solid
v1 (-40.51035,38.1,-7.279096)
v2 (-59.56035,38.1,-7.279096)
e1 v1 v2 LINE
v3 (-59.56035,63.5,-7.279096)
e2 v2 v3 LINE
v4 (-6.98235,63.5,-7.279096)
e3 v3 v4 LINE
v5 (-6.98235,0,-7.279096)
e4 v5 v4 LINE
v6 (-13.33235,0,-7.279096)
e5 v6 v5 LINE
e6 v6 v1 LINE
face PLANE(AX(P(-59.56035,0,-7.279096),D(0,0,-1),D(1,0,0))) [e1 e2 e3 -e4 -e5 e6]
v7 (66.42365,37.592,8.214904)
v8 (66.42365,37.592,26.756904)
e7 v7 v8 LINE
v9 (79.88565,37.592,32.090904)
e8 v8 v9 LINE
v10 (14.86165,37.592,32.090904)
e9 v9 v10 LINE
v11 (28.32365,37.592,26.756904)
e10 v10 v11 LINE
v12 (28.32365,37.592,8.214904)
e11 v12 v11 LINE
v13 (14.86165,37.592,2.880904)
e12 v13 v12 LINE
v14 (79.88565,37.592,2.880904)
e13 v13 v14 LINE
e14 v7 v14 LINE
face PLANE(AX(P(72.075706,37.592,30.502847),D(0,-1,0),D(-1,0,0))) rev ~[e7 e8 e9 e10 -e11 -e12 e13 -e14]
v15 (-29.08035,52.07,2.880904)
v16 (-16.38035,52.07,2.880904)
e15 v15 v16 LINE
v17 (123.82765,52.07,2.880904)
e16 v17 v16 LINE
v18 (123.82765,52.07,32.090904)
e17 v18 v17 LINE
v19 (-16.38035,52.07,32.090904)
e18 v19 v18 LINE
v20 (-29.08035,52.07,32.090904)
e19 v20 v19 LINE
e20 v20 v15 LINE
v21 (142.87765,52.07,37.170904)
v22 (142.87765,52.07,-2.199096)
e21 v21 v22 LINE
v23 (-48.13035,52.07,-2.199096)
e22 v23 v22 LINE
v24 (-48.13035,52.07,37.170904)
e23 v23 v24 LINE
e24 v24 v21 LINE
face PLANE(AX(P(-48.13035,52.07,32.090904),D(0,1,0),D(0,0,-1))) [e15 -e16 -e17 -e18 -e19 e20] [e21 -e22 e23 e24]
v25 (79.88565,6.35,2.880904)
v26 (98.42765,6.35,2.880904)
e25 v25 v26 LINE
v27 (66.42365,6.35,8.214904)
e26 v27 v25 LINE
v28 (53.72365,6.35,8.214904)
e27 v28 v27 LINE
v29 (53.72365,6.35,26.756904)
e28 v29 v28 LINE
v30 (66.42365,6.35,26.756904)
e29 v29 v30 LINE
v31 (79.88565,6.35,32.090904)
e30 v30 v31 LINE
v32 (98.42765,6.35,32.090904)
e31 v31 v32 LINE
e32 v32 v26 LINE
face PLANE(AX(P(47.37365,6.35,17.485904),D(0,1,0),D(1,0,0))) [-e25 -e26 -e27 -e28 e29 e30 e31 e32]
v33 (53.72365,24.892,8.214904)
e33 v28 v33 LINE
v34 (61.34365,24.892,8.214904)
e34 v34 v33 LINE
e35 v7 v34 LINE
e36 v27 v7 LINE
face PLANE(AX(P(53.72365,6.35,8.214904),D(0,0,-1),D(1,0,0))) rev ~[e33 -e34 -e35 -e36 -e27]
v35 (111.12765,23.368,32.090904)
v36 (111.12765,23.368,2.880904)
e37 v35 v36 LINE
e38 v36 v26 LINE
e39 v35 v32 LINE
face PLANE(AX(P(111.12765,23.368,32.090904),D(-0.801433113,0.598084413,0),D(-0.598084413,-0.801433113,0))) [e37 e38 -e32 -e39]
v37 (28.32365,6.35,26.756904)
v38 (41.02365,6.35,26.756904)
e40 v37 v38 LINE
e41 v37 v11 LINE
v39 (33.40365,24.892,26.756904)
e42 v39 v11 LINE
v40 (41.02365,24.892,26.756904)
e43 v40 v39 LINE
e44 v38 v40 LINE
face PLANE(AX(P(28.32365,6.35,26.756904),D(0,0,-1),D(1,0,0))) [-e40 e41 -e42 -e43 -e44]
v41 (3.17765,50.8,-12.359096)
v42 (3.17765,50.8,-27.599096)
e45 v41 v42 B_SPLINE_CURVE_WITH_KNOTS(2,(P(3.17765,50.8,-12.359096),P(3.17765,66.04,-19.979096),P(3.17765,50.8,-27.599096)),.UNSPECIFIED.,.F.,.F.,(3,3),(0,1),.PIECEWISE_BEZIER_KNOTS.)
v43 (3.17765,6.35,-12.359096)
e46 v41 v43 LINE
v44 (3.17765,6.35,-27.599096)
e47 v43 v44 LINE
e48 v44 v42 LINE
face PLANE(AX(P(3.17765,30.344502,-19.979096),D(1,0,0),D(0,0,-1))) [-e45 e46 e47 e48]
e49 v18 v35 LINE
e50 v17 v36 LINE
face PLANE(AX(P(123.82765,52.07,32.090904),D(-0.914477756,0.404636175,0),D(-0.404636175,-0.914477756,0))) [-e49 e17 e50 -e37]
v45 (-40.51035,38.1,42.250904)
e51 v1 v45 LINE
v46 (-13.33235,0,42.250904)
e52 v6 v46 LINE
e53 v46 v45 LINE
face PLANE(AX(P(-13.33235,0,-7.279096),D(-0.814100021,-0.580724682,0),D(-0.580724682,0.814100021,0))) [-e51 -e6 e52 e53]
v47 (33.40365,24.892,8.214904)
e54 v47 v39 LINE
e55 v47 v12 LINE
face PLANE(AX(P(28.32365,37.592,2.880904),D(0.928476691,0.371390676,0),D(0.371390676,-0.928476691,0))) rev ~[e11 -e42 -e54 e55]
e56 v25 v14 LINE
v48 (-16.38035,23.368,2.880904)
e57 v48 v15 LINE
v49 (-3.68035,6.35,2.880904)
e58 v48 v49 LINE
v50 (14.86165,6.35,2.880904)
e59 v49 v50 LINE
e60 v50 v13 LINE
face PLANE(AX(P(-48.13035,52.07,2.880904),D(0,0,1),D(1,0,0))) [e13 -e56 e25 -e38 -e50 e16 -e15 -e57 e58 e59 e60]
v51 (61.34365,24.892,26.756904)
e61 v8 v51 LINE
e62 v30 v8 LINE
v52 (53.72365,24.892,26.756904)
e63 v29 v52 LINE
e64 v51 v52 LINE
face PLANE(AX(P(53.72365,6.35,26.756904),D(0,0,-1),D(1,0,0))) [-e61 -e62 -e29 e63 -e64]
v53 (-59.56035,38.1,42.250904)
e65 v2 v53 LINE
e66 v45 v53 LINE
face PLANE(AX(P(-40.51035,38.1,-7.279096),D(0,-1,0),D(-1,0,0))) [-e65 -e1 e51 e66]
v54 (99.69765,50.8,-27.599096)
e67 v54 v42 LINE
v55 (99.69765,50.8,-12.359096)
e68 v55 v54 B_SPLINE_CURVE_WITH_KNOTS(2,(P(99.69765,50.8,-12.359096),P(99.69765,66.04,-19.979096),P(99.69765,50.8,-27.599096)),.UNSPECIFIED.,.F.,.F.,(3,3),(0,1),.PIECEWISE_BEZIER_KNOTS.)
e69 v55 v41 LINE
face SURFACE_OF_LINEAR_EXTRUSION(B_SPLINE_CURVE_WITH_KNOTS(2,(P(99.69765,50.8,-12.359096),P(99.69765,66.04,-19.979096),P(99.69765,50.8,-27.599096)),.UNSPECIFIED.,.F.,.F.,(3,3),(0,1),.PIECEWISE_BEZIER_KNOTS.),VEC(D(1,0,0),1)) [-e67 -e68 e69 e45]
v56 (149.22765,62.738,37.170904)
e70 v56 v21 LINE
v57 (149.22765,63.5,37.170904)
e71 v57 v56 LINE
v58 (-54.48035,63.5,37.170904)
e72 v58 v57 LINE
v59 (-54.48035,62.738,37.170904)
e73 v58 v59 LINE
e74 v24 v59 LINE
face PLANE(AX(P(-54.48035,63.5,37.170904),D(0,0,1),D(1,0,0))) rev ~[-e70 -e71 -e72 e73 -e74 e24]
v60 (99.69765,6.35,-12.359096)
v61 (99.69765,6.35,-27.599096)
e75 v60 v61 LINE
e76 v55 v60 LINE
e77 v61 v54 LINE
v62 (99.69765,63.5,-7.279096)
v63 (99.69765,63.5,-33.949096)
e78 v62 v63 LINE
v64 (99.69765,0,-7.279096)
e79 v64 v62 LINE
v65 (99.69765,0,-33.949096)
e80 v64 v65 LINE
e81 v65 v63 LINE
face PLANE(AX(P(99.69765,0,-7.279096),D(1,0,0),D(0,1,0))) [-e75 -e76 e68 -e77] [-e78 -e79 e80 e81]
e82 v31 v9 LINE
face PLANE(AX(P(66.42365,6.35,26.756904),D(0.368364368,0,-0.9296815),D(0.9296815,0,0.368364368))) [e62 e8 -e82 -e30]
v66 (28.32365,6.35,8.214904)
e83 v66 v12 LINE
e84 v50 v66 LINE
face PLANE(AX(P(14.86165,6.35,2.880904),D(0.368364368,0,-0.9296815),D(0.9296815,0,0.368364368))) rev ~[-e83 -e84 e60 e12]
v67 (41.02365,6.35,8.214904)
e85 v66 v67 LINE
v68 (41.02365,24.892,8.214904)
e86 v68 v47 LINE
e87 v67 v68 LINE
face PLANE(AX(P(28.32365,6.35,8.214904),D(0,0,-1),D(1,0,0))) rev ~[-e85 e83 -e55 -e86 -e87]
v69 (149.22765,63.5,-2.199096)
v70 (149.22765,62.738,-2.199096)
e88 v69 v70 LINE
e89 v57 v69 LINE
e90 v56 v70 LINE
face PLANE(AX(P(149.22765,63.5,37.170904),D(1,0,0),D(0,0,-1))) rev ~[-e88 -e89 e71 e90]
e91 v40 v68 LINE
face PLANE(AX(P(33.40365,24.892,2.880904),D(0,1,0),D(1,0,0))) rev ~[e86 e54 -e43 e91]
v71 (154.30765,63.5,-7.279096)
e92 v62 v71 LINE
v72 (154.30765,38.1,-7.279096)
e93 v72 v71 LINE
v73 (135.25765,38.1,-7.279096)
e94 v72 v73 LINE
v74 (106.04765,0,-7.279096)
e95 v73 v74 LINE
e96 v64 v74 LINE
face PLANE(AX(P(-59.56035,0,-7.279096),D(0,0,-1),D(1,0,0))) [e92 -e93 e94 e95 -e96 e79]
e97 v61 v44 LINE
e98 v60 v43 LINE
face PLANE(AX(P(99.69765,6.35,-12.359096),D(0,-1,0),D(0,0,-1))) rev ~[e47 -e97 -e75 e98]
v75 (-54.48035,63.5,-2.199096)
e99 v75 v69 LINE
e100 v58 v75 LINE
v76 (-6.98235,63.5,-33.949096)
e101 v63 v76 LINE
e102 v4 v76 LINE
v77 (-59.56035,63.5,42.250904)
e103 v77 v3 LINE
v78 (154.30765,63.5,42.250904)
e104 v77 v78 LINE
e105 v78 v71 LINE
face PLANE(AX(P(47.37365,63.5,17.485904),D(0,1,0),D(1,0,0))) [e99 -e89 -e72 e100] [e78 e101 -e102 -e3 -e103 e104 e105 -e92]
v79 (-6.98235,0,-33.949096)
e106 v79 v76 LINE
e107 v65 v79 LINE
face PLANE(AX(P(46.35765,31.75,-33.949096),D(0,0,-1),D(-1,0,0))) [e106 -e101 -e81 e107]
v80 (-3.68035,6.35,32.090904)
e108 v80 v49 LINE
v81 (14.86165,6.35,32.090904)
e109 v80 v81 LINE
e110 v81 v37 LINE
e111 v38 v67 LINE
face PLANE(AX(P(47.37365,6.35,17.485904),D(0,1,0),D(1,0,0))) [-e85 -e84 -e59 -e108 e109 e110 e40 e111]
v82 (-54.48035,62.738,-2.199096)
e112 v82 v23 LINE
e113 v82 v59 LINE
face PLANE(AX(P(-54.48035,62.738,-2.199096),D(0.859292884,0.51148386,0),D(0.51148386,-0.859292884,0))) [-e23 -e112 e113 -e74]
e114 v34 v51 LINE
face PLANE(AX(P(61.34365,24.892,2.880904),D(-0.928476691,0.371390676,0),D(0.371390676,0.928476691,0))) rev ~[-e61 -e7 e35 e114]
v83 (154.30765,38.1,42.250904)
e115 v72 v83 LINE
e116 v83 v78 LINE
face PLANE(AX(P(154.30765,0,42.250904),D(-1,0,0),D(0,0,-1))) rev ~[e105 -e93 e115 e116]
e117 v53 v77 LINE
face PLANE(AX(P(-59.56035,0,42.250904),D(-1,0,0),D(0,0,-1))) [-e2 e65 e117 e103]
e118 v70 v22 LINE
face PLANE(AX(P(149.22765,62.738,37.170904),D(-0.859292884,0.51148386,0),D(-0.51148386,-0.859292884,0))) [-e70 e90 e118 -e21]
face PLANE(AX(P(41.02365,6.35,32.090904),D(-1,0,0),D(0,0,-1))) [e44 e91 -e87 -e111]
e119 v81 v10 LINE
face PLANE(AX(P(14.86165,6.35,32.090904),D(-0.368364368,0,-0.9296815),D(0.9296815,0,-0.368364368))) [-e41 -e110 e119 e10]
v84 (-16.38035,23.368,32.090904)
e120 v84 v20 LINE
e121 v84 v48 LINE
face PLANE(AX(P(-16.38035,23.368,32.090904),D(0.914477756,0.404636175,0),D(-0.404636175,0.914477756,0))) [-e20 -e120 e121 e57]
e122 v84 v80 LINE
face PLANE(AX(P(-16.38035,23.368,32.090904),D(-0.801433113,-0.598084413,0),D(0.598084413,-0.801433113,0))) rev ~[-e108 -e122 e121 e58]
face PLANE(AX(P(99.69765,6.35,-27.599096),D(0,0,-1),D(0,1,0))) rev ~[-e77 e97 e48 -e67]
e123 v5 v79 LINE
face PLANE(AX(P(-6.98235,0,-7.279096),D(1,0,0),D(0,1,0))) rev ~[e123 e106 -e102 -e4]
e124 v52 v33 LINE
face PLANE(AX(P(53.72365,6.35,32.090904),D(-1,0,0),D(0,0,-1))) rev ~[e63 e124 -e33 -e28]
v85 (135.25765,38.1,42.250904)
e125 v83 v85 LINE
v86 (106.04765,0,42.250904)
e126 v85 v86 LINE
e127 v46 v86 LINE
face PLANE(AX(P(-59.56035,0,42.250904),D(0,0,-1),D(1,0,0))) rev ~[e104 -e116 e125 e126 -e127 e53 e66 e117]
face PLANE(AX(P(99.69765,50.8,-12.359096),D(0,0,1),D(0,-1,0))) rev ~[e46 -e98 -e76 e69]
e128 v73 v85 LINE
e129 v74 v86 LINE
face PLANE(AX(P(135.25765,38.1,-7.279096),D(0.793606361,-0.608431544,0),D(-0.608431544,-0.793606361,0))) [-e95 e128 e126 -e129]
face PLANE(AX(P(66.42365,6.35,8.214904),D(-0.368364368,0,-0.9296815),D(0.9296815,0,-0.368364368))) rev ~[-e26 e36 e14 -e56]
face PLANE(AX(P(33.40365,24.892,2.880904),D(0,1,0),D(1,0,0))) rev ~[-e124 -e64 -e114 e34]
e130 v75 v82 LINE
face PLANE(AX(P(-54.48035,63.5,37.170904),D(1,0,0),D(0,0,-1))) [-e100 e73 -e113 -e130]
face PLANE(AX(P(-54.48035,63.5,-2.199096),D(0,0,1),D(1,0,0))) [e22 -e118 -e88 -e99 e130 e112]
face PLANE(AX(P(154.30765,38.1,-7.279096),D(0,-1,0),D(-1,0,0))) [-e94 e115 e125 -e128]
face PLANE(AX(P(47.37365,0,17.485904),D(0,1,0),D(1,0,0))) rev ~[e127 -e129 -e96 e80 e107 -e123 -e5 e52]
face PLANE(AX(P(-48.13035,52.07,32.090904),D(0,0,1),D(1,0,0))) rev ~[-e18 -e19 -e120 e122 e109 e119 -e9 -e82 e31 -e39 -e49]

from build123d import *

# Parameters (mm, degrees)
SKETCH1_W            = 213.868
SKETCH1_H            = 49.53
BOSS_EXTRUDE1_DEPTH  = 63.5
SKETCH2_W            = 203.708
SKETCH2_H            = 39.37
CUT_EXTRUDE1_DEPTH   = 11.43
SKETCH3_W            = 191.008
SKETCH3_H            = 29.21
CUT_EXTRUDE2_DEPTH   = 45.72
SKETCH5_W            = 29.21
SKETCH5_H            = 45.72
BOSS_EXTRUDE2_DEPTH  = 31.75
SKETCH7_W            = 29.21
SKETCH7_H            = 45.802108617
BOSS_EXTRUDE3_DEPTH  = 31.75
BOSS_EXTRUDE4_DEPTH  = 40.64
BOSS_EXTRUDE5_DEPTH  = 40.64
SKETCH20_W           = 12.7
SKETCH20_H           = 29.21
BOSS_EXTRUDE6_DEPTH  = 18.542
BOSS_EXTRUDE7_DEPTH  = 30.48
SKETCH22_W           = 106.68
SKETCH22_H           = 63.5
BOSS_EXTRUDE8_DEPTH  = 26.67
CUT_EXTRUDE11_DEPTH  = 96.52
CUT_EXTRUDE5_DEPTH   = 49.53
SKETCH28_W           = 12.7
SKETCH28_H           = 29.21
CUT_EXTRUDE6_DEPTH   = 28.702
BOSS_EXTRUDE9_DEPTH  = 29.21
SKETCH30_W           = 12.7
SKETCH30_H           = 29.21
CUT_EXTRUDE7_DEPTH   = 28.702
BOSS_EXTRUDE11_DEPTH = 29.21
BOSS_EXTRUDE12_DEPTH = 29.21
CUT_EXTRUDE8_DEPTH   = 49.53
BOSS_EXTRUDE13_DEPTH = 29.21
CUT_EXTRUDE9_DEPTH   = 50.8
CUT_EXTRUDE12_DEPTH  = 49.53
SKETCH48_W           = 12.7
SKETCH48_H           = 5.334
BOSS_EXTRUDE14_DEPTH = 31.242
BOSS_EXTRUDE17_DEPTH = 31.242
SKETCH52_W           = 12.7
SKETCH52_H           = 5.334
BOSS_EXTRUDE18_DEPTH = 31.242
BOSS_EXTRUDE19_DEPTH = 31.242
SKETCH54_W           = 12.7
SKETCH54_H           = 5.334
BOSS_EXTRUDE20_DEPTH = 31.242
BOSS_EXTRUDE21_DEPTH = 31.242
SKETCH56_W           = 12.7
SKETCH56_H           = 5.334
BOSS_EXTRUDE22_DEPTH = 31.242
BOSS_EXTRUDE23_DEPTH = 31.242


with BuildPart() as part:
    # Sketch1 → Boss-Extrude1 (new body)
    with BuildSketch(Plane(origin=(0, 0, 0), x_dir=(1, 0, 0), z_dir=(0, 1, 0))):
        with Locations((47.373649513, -17.485904033)):
            Rectangle(SKETCH1_W, SKETCH1_H)
    extrude(amount=BOSS_EXTRUDE1_DEPTH)

    # Sketch2 → Cut-Extrude1 (cut)
    with BuildSketch(Plane(origin=(0, 63.5, 0), x_dir=(1, 0, 0), z_dir=(0, 1, 0))):
        with Locations((47.373649513, -17.485904033)):
            Rectangle(SKETCH2_W, SKETCH2_H)
    extrude(amount=-CUT_EXTRUDE1_DEPTH, mode=Mode.SUBTRACT)

    # Sketch3 → Cut-Extrude2 (cut)
    with BuildSketch(Plane(origin=(0, 52.07, 0), x_dir=(1, 0, 0), z_dir=(0, 1, 0))):
        with Locations((47.373649513, -17.485904033)):
            Rectangle(SKETCH3_W, SKETCH3_H)
    extrude(amount=-CUT_EXTRUDE2_DEPTH, mode=Mode.SUBTRACT)

    # Sketch5 → Boss-Extrude2 (add)
    with BuildSketch(Plane.ZY.offset(-142.877649513)):
        with Locations((17.485904033, 29.21)):
            Rectangle(SKETCH5_W, SKETCH5_H)
    extrude(amount=BOSS_EXTRUDE2_DEPTH)

    # Sketch7 → Boss-Extrude3 (add)
    with BuildSketch(Plane(origin=(-48.130350487, 0, 0), x_dir=(0, 0, -1), z_dir=(1, 0, 0))):
        with Locations((-17.485904033, 29.168945691)):
            Rectangle(SKETCH7_W, SKETCH7_H)
    extrude(amount=BOSS_EXTRUDE3_DEPTH)

    # Sketch13 → Boss-Extrude4 (add)
    with BuildSketch(Plane.XY.offset(-2.199095967)):
        Polygon((-54.480350487, 62.738), (-48.130350487, 52.07), (-54.480350487, 52.07), align=None)
    extrude(amount=BOSS_EXTRUDE4_DEPTH)

    # Sketch19 → Boss-Extrude5 (add)
    with BuildSketch(Plane(origin=(0, 0, 37.170904033), x_dir=(-1, 0, 0), z_dir=(0, 0, -1))):
        Polygon((-149.227649513, 62.738), (-142.877649513, 52.07), (-149.227649513, 52.07), align=None)
    extrude(amount=BOSS_EXTRUDE5_DEPTH)

    # Sketch20 → Boss-Extrude6 (add)
    with BuildSketch(Plane(origin=(0, 6.35, 0), x_dir=(1, 0, 0), z_dir=(0, 1, 0))):
        with Locations((47.373649513, -17.485904033)):
            Rectangle(SKETCH20_W, SKETCH20_H)
    extrude(amount=BOSS_EXTRUDE6_DEPTH)

    # Sketch21 → Boss-Extrude7 (add)
    with BuildSketch(Plane.XY.offset(2.880904033)):
        Polygon((66.423649513, 37.592), (28.323649513, 37.592), (33.403649513, 24.892), (41.023649513, 24.892), (53.723649513, 24.892), (61.343649513, 24.892), align=None)
    extrude(amount=BOSS_EXTRUDE7_DEPTH)

    # Sketch22 → Boss-Extrude8 (add)
    with BuildSketch(Plane(origin=(0, 0, -7.279095967), x_dir=(-1, 0, 0), z_dir=(0, 0, -1))):
        with Locations((-46.357649513, 31.75)):
            Rectangle(SKETCH22_W, SKETCH22_H)
    extrude(amount=BOSS_EXTRUDE8_DEPTH)

    # Sketch39 → Cut-Extrude11 (cut)
    with BuildSketch(Plane(origin=(99.697649513, 0, 0), x_dir=(0, 0, -1), z_dir=(1, 0, 0))):
        with BuildLine():
            add(Edge.make_bspline(
                [(12.359095967, 50.8), (19.979095967, 66.04), (27.599095967, 50.8)],
                knots=[0, 0, 0, 1, 1, 1], degree=2))
            Line((12.359095967, 50.8), (12.359095967, 6.35))
            Line((12.359095967, 6.35), (13.629095967, 6.35))
            Line((13.629095967, 6.35), (26.329095967, 6.35))
            Line((26.329095967, 6.35), (27.599095967, 6.35))
            Line((27.599095967, 6.35), (27.599095967, 50.8))
        make_face()
    extrude(amount=-CUT_EXTRUDE11_DEPTH, mode=Mode.SUBTRACT)

    # Sketch26 → Cut-Extrude5 (cut)
    with BuildSketch(Plane(origin=(0, 0, -7.279095967), x_dir=(-1, 0, 0), z_dir=(0, 0, -1))):
        Polygon((-154.307649513, 38.1), (-106.047649513, 0), (-154.307649513, 0), align=None)
    extrude(amount=-CUT_EXTRUDE5_DEPTH, mode=Mode.SUBTRACT)

    # Sketch28 → Cut-Extrude6 (cut)
    with BuildSketch(Plane(origin=(0, 52.07, 0), x_dir=(1, 0, 0), z_dir=(0, 1, 0))):
        with Locations((117.477649513, -17.485904033)):
            Rectangle(SKETCH28_W, SKETCH28_H)
    extrude(amount=-CUT_EXTRUDE6_DEPTH, mode=Mode.SUBTRACT)

    # Sketch29 → Boss-Extrude9 (add)
    with BuildSketch(Plane(origin=(0, 0, 32.090904033), x_dir=(-1, 0, 0), z_dir=(0, 0, -1))):
        Polygon((-123.827649513, 52.07), (-111.127649513, 23.368), (-123.827649513, 23.368), align=None)
    extrude(amount=BOSS_EXTRUDE9_DEPTH)

    # Sketch30 → Cut-Extrude7 (cut)
    with BuildSketch(Plane(origin=(0, 52.07, 0), x_dir=(1, 0, 0), z_dir=(0, 1, 0))):
        with Locations((-22.730350487, -17.485904033)):
            Rectangle(SKETCH30_W, SKETCH30_H)
    extrude(amount=-CUT_EXTRUDE7_DEPTH, mode=Mode.SUBTRACT)

    # Sketch31 → Boss-Extrude11 (add)
    with BuildSketch(Plane(origin=(0, 0, 32.090904033), x_dir=(-1, 0, 0), z_dir=(0, 0, -1))):
        Polygon((16.380350487, 23.368), (29.080350487, 52.07), (29.080350487, 23.368), align=None)
    extrude(amount=BOSS_EXTRUDE11_DEPTH)

    # Sketch33 → Boss-Extrude12 (add)
    with BuildSketch(Plane(origin=(0, 0, 32.090904033), x_dir=(-1, 0, 0), z_dir=(0, 0, -1))):
        Polygon((-111.127649513, 23.368), (-98.427649513, 6.35), (-111.127649513, 6.35), align=None)
    extrude(amount=BOSS_EXTRUDE12_DEPTH)

    # Sketch34 → Cut-Extrude8 (cut)
    with BuildSketch(Plane(origin=(0, 0, -7.279095967), x_dir=(-1, 0, 0), z_dir=(0, 0, -1))):
        Polygon((-154.307649513, 38.1), (-135.257649513, 38.1), (-106.047649513, 0), align=None)
    extrude(amount=-CUT_EXTRUDE8_DEPTH, mode=Mode.SUBTRACT)

    # Sketch35 → Boss-Extrude13 (add)
    with BuildSketch(Plane(origin=(0, 0, 32.090904033), x_dir=(-1, 0, 0), z_dir=(0, 0, -1))):
        Polygon((16.380350487, 23.368), (3.680350487, 6.35), (16.380350487, 6.35), align=None)
    extrude(amount=BOSS_EXTRUDE13_DEPTH)

    # Sketch37 → Cut-Extrude9 (cut)
    with BuildSketch(Plane(origin=(0, 0, -7.279095967), x_dir=(-1, 0, 0), z_dir=(0, 0, -1))):
        Polygon((13.332350487, 0), (59.560350487, 38.1), (59.560350487, 0), align=None)
    extrude(amount=-CUT_EXTRUDE9_DEPTH, mode=Mode.SUBTRACT)

    # Sketch40 → Cut-Extrude12 (cut)
    with BuildSketch(Plane(origin=(0, 0, -7.279095967), x_dir=(-1, 0, 0), z_dir=(0, 0, -1))):
        Polygon((40.510350487, 38.1), (59.560350487, 38.1), (13.332350487, 0), align=None)
    extrude(amount=-CUT_EXTRUDE12_DEPTH, mode=Mode.SUBTRACT)

    # Sketch48 → Boss-Extrude14 (add)
    with BuildSketch(Plane(origin=(0, 6.35, 0), x_dir=(1, 0, 0), z_dir=(0, 1, 0))):
        with Locations((34.673649513, -5.547904033)):
            Rectangle(SKETCH48_W, SKETCH48_H)
    extrude(amount=BOSS_EXTRUDE14_DEPTH)

    # Sketch51 → Boss-Extrude17 (add)
    with BuildSketch(Plane(origin=(0, 6.35, 0), x_dir=(1, 0, 0), z_dir=(0, 1, 0))):
        Polygon((14.861649513, -2.880904033), (28.323649513, -8.214904033), (28.323649513, -2.880904033), align=None)
    extrude(amount=BOSS_EXTRUDE17_DEPTH)

    # Sketch52 → Boss-Extrude18 (add)
    with BuildSketch(Plane(origin=(0, 6.35, 0), x_dir=(1, 0, 0), z_dir=(0, 1, 0))):
        with Locations((34.673649513, -29.423904033)):
            Rectangle(SKETCH52_W, SKETCH52_H)
    extrude(amount=BOSS_EXTRUDE18_DEPTH)

    # Sketch53 → Boss-Extrude19 (add)
    with BuildSketch(Plane(origin=(0, 6.35, 0), x_dir=(1, 0, 0), z_dir=(0, 1, 0))):
        Polygon((14.861649513, -32.090904033), (28.323649513, -26.756904033), (28.323649513, -32.090904033), align=None)
    extrude(amount=BOSS_EXTRUDE19_DEPTH)

    # Sketch54 → Boss-Extrude20 (add)
    with BuildSketch(Plane(origin=(0, 6.35, 0), x_dir=(1, 0, 0), z_dir=(0, 1, 0))):
        with Locations((60.073649513, -5.547904033)):
            Rectangle(SKETCH54_W, SKETCH54_H)
    extrude(amount=BOSS_EXTRUDE20_DEPTH)

    # Sketch55 → Boss-Extrude21 (add)
    with BuildSketch(Plane(origin=(0, 6.35, 0), x_dir=(1, 0, 0), z_dir=(0, 1, 0))):
        Polygon((66.423649513, -8.214904033), (79.885649513, -2.880904033), (66.423649513, -2.880904033), align=None)
    extrude(amount=BOSS_EXTRUDE21_DEPTH)

    # Sketch56 → Boss-Extrude22 (add)
    with BuildSketch(Plane(origin=(0, 6.35, 0), x_dir=(1, 0, 0), z_dir=(0, 1, 0))):
        with Locations((60.073649513, -29.423904033)):
            Rectangle(SKETCH56_W, SKETCH56_H)
    extrude(amount=BOSS_EXTRUDE22_DEPTH)

    # Sketch57 → Boss-Extrude23 (add)
    with BuildSketch(Plane(origin=(0, 6.35, 0), x_dir=(1, 0, 0), z_dir=(0, 1, 0))):
        Polygon((66.423649513, -26.756904033), (79.885649513, -32.090904033), (66.423649513, -32.090904033), align=None)
    extrude(amount=BOSS_EXTRUDE23_DEPTH)


solid = part.part
